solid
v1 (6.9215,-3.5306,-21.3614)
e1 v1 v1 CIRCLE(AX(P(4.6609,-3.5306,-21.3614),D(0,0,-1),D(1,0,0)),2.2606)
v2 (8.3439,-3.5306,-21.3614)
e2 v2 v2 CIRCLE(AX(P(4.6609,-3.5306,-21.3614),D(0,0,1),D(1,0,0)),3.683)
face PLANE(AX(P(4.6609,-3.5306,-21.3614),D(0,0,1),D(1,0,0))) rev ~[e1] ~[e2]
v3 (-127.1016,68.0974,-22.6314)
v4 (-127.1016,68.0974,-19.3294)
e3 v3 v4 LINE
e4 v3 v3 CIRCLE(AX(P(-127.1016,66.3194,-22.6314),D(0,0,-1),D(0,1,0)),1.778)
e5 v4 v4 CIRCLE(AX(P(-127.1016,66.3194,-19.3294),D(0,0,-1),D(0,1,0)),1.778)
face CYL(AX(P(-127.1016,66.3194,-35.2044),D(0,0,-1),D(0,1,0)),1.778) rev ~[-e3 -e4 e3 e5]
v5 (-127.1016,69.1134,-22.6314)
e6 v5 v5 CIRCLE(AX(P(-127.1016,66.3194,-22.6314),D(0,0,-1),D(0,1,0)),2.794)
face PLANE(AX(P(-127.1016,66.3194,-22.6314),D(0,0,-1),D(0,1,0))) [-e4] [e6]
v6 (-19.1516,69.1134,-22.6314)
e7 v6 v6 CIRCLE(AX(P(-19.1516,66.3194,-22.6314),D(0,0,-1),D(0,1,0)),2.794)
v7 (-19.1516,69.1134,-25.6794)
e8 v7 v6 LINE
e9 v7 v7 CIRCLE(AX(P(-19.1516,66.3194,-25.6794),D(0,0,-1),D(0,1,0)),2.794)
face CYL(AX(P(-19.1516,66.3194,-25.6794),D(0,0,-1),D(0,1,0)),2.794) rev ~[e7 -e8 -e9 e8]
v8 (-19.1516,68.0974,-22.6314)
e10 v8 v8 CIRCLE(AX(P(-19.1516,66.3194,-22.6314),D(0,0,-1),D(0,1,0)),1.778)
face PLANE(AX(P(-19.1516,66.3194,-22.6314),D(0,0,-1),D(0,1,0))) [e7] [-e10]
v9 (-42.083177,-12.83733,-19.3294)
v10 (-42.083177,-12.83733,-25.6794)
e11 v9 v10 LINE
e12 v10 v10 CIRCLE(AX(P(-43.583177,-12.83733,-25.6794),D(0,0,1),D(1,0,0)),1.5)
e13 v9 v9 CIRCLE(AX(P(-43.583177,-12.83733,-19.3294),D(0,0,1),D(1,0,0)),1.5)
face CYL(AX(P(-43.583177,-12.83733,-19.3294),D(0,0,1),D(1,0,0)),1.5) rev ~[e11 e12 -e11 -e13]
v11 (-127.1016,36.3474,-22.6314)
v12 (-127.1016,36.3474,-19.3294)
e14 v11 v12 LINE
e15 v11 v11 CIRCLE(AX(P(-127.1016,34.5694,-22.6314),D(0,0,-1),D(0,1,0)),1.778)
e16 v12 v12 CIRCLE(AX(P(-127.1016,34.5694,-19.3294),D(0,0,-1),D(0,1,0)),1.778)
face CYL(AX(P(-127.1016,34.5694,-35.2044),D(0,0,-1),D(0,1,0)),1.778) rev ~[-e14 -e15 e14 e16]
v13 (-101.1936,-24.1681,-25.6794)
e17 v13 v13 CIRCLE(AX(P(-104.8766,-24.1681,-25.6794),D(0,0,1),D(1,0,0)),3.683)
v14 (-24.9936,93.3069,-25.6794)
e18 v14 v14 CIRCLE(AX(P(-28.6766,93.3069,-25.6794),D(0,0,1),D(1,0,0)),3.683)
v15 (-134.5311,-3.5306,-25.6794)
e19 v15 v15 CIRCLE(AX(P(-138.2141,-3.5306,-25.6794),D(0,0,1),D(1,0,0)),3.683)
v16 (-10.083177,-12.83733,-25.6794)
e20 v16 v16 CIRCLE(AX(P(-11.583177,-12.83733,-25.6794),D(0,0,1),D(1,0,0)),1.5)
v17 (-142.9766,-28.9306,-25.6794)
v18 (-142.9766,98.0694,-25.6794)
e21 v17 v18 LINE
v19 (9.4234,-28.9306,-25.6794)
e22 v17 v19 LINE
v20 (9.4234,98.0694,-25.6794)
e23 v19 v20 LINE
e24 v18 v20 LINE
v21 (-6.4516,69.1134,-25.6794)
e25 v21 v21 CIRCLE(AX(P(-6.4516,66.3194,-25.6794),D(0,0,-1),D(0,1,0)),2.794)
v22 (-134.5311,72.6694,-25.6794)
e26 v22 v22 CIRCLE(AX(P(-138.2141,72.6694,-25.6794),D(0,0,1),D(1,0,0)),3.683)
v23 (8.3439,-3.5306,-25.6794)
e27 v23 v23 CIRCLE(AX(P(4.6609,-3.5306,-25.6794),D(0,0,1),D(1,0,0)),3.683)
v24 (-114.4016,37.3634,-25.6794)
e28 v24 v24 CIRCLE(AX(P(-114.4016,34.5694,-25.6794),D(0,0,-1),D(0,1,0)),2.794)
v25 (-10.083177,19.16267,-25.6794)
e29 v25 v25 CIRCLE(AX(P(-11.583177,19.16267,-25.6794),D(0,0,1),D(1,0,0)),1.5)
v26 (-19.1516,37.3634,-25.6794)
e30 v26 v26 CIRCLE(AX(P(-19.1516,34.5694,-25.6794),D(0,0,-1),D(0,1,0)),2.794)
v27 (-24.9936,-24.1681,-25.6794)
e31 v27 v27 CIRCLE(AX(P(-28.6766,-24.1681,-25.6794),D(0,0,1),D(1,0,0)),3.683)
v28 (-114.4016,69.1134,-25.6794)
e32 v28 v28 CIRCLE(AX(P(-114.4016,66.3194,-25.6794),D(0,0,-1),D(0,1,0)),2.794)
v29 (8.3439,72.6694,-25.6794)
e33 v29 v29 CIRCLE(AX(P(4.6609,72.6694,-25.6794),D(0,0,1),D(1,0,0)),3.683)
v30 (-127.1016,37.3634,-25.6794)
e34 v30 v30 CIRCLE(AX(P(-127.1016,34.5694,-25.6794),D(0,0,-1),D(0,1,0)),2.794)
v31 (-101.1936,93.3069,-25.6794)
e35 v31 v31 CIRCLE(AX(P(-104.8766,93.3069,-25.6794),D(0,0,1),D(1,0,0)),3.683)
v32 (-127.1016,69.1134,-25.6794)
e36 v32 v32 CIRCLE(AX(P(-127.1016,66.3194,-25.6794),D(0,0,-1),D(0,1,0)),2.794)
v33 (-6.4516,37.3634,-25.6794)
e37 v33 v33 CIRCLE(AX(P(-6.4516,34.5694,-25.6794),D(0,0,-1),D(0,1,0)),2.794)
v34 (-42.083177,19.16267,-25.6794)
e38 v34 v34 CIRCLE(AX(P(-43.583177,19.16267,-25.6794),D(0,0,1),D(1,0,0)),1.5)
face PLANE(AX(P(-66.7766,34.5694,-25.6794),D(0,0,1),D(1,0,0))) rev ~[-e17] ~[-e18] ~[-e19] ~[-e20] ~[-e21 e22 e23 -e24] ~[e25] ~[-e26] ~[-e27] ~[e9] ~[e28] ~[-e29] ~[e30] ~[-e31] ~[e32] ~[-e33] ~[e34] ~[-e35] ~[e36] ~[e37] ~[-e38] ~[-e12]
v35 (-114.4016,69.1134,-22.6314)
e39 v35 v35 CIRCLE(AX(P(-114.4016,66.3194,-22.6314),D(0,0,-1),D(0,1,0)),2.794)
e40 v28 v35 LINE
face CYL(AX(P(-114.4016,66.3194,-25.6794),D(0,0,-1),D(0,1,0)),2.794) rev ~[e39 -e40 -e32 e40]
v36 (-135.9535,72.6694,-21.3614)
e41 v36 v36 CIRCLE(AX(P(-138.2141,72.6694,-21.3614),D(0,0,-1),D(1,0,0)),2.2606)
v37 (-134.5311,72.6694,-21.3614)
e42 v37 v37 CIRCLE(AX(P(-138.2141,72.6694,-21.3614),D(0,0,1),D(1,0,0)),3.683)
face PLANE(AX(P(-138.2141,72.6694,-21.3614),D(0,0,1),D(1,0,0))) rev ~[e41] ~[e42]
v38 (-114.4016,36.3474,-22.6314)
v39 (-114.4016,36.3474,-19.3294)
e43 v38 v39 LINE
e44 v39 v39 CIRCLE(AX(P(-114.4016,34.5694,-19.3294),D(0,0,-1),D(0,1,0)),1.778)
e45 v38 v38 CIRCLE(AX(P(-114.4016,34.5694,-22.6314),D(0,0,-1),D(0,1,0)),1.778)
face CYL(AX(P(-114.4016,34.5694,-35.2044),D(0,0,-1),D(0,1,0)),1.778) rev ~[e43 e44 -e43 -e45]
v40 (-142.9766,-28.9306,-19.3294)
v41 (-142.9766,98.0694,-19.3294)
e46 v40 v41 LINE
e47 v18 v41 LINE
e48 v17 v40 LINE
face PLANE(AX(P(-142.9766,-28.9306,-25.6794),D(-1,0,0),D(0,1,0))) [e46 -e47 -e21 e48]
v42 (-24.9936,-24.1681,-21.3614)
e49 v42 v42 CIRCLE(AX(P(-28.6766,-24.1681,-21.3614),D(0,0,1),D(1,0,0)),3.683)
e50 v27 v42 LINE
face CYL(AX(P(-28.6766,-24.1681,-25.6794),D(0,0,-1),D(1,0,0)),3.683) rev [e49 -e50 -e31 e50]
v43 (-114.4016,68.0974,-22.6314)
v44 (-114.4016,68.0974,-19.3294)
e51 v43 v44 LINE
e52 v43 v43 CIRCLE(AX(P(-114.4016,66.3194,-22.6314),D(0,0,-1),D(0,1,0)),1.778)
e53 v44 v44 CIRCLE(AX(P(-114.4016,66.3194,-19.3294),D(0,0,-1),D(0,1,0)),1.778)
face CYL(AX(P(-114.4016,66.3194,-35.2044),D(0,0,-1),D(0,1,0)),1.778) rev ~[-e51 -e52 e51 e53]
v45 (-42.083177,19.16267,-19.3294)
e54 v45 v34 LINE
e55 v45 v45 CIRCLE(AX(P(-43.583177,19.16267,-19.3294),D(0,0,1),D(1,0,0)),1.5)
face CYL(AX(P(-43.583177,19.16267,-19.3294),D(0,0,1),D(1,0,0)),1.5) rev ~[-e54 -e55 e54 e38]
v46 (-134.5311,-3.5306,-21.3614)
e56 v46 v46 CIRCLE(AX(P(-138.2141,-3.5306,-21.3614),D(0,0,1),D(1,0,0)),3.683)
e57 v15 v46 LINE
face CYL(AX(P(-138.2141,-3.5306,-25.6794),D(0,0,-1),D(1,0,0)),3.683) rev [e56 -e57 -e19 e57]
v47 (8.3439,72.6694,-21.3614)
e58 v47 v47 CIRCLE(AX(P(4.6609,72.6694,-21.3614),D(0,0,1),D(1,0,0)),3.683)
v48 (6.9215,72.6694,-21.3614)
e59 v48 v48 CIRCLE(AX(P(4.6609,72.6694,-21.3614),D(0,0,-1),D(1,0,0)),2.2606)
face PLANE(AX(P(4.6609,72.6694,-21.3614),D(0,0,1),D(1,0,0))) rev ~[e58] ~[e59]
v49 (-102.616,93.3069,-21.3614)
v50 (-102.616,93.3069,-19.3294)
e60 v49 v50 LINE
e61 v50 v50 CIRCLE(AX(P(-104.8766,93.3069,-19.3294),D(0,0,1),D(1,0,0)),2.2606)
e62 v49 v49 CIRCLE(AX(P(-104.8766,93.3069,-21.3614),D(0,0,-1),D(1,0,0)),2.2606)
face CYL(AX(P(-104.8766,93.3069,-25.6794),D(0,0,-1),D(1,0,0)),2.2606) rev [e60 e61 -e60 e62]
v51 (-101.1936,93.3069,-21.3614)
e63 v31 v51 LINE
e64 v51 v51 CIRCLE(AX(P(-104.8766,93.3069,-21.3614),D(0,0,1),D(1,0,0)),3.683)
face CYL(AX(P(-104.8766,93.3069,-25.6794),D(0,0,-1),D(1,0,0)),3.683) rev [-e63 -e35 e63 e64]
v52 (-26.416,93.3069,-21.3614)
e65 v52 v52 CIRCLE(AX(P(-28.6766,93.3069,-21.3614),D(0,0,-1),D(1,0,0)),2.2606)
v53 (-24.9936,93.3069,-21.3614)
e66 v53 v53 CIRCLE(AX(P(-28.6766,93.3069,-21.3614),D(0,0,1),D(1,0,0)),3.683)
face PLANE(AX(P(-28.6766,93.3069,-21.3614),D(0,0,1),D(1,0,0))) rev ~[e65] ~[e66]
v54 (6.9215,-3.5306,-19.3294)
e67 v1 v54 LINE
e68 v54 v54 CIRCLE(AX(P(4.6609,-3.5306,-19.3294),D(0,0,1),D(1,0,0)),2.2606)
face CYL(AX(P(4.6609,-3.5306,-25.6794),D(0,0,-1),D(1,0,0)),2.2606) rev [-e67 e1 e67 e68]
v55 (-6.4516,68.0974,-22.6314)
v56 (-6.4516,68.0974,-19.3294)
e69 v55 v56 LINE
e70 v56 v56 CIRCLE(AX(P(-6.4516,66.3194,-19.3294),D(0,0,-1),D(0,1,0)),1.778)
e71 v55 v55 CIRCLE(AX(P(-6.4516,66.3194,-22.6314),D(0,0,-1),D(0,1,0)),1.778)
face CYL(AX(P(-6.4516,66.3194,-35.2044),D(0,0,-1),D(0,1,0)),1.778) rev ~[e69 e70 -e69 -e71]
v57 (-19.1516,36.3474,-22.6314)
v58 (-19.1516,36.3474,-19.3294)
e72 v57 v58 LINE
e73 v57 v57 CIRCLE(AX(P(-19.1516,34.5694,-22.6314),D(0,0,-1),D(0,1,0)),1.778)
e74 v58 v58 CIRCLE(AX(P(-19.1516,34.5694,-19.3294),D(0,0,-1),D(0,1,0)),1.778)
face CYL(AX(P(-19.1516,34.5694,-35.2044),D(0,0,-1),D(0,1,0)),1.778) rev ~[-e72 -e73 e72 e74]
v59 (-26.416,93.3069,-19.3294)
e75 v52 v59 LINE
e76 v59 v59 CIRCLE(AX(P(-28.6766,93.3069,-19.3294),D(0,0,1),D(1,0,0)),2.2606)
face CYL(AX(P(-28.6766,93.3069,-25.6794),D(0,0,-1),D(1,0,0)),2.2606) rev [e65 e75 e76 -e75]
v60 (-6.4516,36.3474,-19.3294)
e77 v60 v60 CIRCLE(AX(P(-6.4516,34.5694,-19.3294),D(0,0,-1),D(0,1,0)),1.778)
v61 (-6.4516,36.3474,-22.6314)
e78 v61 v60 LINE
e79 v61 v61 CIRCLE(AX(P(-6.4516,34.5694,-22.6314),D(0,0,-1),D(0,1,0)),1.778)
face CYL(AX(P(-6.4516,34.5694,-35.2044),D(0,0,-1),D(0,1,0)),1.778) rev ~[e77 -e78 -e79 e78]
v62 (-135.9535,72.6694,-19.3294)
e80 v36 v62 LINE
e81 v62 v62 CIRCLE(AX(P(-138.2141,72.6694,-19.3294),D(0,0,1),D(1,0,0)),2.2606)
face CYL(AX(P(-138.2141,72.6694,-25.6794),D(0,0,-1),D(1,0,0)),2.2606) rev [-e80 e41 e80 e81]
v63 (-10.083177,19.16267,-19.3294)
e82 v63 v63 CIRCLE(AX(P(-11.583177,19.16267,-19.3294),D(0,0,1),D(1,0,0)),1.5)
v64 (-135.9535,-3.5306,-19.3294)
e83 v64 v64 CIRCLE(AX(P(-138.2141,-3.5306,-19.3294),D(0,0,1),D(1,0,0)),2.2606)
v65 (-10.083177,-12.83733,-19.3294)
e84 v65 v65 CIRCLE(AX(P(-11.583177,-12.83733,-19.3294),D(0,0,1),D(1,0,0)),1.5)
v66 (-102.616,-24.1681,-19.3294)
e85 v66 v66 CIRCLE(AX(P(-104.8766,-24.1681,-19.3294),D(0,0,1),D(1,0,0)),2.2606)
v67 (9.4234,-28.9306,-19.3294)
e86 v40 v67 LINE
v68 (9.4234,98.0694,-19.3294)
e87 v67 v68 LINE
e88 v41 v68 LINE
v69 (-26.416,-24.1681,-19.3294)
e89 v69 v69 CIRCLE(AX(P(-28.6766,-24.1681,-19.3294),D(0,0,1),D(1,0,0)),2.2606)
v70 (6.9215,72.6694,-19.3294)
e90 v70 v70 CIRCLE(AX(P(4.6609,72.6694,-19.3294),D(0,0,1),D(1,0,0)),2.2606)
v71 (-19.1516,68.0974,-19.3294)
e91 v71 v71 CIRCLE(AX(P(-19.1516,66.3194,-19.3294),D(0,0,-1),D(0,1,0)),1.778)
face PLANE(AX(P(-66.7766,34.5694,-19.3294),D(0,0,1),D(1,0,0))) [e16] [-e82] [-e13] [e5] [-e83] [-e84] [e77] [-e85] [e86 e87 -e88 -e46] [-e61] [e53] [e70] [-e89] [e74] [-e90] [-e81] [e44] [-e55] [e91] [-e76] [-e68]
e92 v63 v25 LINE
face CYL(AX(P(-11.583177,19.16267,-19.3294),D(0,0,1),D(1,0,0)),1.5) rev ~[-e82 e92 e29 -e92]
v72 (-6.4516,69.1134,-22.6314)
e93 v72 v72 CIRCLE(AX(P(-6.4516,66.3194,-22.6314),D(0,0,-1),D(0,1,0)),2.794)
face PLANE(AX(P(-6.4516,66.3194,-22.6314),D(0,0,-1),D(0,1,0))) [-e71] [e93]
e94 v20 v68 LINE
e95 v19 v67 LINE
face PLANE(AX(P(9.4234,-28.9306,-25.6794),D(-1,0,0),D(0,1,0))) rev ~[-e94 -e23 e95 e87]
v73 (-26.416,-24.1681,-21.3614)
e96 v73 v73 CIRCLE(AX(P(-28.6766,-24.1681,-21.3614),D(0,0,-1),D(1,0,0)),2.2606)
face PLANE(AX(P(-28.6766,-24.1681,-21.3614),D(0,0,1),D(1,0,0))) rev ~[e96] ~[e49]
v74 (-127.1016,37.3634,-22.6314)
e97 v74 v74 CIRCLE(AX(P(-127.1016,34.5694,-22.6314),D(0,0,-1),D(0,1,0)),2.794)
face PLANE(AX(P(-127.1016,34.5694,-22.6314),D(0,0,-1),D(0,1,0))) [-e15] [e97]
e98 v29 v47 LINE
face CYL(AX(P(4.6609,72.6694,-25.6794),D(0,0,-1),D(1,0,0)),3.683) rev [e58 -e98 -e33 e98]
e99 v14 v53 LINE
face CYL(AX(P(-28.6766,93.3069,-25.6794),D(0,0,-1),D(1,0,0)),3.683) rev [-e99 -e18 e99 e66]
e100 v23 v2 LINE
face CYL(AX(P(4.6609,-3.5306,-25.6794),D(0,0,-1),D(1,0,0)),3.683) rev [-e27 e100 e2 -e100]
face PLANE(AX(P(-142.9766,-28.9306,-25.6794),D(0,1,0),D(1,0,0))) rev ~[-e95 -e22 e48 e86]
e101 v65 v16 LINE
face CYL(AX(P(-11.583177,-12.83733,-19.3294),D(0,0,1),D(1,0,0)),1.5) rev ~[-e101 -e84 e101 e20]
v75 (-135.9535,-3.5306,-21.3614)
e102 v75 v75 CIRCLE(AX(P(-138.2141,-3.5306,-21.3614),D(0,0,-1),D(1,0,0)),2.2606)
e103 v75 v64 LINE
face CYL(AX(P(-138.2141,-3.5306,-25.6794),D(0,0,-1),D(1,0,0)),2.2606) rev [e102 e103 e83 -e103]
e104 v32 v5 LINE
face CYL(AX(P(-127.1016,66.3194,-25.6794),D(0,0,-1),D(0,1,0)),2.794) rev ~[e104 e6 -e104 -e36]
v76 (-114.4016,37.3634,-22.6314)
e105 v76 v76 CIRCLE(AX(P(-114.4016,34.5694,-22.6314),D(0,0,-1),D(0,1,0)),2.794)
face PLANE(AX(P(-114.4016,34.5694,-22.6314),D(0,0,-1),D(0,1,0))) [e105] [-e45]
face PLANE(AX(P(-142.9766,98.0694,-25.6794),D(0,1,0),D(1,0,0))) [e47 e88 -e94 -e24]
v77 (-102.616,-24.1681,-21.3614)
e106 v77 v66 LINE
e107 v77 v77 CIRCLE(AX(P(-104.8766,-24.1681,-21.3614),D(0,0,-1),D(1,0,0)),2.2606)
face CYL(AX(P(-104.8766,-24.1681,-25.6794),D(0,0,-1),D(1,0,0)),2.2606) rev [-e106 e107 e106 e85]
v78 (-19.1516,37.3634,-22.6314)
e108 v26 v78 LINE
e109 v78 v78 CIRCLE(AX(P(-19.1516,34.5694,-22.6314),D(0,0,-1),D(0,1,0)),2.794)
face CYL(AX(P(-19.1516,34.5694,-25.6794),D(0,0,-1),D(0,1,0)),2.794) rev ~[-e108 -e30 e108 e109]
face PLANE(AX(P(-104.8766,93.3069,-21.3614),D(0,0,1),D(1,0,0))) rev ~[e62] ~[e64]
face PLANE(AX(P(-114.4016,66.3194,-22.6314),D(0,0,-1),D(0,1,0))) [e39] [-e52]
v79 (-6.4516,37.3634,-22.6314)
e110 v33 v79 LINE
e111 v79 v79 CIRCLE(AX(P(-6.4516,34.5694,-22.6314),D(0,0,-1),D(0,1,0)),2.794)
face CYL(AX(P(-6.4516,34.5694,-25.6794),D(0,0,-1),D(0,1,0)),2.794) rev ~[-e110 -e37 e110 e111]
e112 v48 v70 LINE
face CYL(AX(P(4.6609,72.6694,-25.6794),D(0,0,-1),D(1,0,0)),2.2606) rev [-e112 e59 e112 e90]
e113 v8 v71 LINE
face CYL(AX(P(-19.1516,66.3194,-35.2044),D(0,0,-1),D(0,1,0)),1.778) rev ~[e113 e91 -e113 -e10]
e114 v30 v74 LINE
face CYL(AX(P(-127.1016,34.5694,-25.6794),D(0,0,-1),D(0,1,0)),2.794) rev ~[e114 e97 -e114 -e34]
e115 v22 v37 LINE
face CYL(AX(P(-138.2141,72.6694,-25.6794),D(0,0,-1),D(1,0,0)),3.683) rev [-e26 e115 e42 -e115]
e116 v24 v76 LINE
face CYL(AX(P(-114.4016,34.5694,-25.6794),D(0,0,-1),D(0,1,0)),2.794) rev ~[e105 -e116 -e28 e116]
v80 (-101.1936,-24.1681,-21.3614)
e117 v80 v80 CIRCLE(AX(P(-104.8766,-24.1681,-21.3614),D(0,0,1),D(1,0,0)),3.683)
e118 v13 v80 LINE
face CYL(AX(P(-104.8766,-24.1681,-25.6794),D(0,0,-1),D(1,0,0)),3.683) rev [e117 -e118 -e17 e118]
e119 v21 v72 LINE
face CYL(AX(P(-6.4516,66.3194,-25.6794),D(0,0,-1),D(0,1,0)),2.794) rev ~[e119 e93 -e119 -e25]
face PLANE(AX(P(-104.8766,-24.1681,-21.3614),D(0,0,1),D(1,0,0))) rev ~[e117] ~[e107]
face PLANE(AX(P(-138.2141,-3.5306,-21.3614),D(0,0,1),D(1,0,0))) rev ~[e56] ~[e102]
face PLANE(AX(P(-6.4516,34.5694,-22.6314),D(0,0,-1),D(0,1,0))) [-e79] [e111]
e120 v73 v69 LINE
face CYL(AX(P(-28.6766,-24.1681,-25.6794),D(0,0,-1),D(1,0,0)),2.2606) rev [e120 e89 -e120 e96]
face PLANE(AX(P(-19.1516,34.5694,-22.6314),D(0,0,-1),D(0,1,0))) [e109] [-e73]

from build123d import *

# Parameters (mm, degrees)
SKETCH008_W     = 152.4
SKETCH008_H     = 127
SKETCH008_R     = 2.2606
PAD006_DEPTH    = 6.35
SKETCH097_R     = 1.778
POCKET025_DEPTH = 15.876
SKETCH098_R     = 1.5
POCKET037_DEPTH = 6.351
SKETCH114_R     = 3.683
POCKET039_DEPTH = 4.318
SKETCH115_R     = 2.794
POCKET040_DEPTH = 3.048


with BuildPart() as part:
    # Sketch008 → Pad006 (new body)
    with BuildSketch(Plane.XY):
        Rectangle(SKETCH008_W, SKETCH008_H)
        with Locations((-38.1, 58.7375)):
            Circle(SKETCH008_R, mode=Mode.SUBTRACT)
        with Locations((38.1, 58.7375)):
            Circle(SKETCH008_R, mode=Mode.SUBTRACT)
        with Locations((71.4375, 38.1)):
            Circle(SKETCH008_R, mode=Mode.SUBTRACT)
        with Locations((71.4375, -38.1)):
            Circle(SKETCH008_R, mode=Mode.SUBTRACT)
        with Locations((38.1, -58.7375)):
            Circle(SKETCH008_R, mode=Mode.SUBTRACT)
        with Locations((-38.1, -58.7375)):
            Circle(SKETCH008_R, mode=Mode.SUBTRACT)
        with Locations((-71.4375, -38.1)):
            Circle(SKETCH008_R, mode=Mode.SUBTRACT)
        with Locations((-71.4375, 38.1)):
            Circle(SKETCH008_R, mode=Mode.SUBTRACT)
    extrude(amount=PAD006_DEPTH)

    # Sketch097 (on Face2 of Pad032) → Pocket025 (cut, through all)
    with BuildSketch(Plane.YX.offset(9.525)):
        with Locations((31.75, 60.325)):
            Circle(SKETCH097_R)
        with Locations((31.75, 47.625)):
            Circle(SKETCH097_R)
        with Locations((0, 60.325)):
            Circle(SKETCH097_R)
        with Locations((0, 47.625)):
            Circle(SKETCH097_R)
        with Locations((0, -47.625)):
            Circle(SKETCH097_R)
        with Locations((31.75, -47.625)):
            Circle(SKETCH097_R)
        with Locations((0, -60.325)):
            Circle(SKETCH097_R)
        with Locations((31.75, -60.325)):
            Circle(SKETCH097_R)
    extrude(amount=-POCKET025_DEPTH, mode=Mode.SUBTRACT)

    # Sketch098 (on Face5 of Pocket025) → Pocket037 (cut, through all)
    with BuildSketch(Plane.XY.offset(6.35)):
        with Locations((23.193423, -15.40673)):
            Circle(SKETCH098_R)
        with Locations((55.193423, -15.40673)):
            Circle(SKETCH098_R)
        with Locations((55.193423, -47.40673)):
            Circle(SKETCH098_R)
        with Locations((23.193423, -47.40673)):
            Circle(SKETCH098_R)
    extrude(amount=-POCKET037_DEPTH, mode=Mode.SUBTRACT)

    # Sketch114 → Pocket039 (cut)
    with BuildSketch(Plane.XY):
        with Locations((-38.1, 58.7375)):
            Circle(SKETCH114_R)
        with Locations((38.1, 58.7375)):
            Circle(SKETCH114_R)
        with Locations((71.4375, 38.1)):
            Circle(SKETCH114_R)
        with Locations((71.4375, -38.1)):
            Circle(SKETCH114_R)
        with Locations((38.1, -58.7375)):
            Circle(SKETCH114_R)
        with Locations((-38.1, -58.7375)):
            Circle(SKETCH114_R)
        with Locations((-71.4375, -38.1)):
            Circle(SKETCH114_R)
        with Locations((-71.4375, 38.1)):
            Circle(SKETCH114_R)
    extrude(amount=POCKET039_DEPTH, mode=Mode.SUBTRACT)

    # Sketch115 (on Face4 of Pocket039) → Pocket040 (cut)
    with BuildSketch(Plane.YX):
        with Locations((31.75, 60.325)):
            Circle(SKETCH115_R)
        with Locations((31.75, 47.625)):
            Circle(SKETCH115_R)
        with Locations((0, 60.325)):
            Circle(SKETCH115_R)
        with Locations((0, 47.625)):
            Circle(SKETCH115_R)
        with Locations((0, -47.625)):
            Circle(SKETCH115_R)
        with Locations((31.75, -47.625)):
            Circle(SKETCH115_R)
        with Locations((0, -60.325)):
            Circle(SKETCH115_R)
        with Locations((31.75, -60.325)):
            Circle(SKETCH115_R)
    extrude(amount=-POCKET040_DEPTH, mode=Mode.SUBTRACT)


with BuildPart() as part_1:
    # Body006 placement: moved
    add(part.part.moved(Location((-66.7766, 34.5694, -25.6794))))


solid = part_1.part
